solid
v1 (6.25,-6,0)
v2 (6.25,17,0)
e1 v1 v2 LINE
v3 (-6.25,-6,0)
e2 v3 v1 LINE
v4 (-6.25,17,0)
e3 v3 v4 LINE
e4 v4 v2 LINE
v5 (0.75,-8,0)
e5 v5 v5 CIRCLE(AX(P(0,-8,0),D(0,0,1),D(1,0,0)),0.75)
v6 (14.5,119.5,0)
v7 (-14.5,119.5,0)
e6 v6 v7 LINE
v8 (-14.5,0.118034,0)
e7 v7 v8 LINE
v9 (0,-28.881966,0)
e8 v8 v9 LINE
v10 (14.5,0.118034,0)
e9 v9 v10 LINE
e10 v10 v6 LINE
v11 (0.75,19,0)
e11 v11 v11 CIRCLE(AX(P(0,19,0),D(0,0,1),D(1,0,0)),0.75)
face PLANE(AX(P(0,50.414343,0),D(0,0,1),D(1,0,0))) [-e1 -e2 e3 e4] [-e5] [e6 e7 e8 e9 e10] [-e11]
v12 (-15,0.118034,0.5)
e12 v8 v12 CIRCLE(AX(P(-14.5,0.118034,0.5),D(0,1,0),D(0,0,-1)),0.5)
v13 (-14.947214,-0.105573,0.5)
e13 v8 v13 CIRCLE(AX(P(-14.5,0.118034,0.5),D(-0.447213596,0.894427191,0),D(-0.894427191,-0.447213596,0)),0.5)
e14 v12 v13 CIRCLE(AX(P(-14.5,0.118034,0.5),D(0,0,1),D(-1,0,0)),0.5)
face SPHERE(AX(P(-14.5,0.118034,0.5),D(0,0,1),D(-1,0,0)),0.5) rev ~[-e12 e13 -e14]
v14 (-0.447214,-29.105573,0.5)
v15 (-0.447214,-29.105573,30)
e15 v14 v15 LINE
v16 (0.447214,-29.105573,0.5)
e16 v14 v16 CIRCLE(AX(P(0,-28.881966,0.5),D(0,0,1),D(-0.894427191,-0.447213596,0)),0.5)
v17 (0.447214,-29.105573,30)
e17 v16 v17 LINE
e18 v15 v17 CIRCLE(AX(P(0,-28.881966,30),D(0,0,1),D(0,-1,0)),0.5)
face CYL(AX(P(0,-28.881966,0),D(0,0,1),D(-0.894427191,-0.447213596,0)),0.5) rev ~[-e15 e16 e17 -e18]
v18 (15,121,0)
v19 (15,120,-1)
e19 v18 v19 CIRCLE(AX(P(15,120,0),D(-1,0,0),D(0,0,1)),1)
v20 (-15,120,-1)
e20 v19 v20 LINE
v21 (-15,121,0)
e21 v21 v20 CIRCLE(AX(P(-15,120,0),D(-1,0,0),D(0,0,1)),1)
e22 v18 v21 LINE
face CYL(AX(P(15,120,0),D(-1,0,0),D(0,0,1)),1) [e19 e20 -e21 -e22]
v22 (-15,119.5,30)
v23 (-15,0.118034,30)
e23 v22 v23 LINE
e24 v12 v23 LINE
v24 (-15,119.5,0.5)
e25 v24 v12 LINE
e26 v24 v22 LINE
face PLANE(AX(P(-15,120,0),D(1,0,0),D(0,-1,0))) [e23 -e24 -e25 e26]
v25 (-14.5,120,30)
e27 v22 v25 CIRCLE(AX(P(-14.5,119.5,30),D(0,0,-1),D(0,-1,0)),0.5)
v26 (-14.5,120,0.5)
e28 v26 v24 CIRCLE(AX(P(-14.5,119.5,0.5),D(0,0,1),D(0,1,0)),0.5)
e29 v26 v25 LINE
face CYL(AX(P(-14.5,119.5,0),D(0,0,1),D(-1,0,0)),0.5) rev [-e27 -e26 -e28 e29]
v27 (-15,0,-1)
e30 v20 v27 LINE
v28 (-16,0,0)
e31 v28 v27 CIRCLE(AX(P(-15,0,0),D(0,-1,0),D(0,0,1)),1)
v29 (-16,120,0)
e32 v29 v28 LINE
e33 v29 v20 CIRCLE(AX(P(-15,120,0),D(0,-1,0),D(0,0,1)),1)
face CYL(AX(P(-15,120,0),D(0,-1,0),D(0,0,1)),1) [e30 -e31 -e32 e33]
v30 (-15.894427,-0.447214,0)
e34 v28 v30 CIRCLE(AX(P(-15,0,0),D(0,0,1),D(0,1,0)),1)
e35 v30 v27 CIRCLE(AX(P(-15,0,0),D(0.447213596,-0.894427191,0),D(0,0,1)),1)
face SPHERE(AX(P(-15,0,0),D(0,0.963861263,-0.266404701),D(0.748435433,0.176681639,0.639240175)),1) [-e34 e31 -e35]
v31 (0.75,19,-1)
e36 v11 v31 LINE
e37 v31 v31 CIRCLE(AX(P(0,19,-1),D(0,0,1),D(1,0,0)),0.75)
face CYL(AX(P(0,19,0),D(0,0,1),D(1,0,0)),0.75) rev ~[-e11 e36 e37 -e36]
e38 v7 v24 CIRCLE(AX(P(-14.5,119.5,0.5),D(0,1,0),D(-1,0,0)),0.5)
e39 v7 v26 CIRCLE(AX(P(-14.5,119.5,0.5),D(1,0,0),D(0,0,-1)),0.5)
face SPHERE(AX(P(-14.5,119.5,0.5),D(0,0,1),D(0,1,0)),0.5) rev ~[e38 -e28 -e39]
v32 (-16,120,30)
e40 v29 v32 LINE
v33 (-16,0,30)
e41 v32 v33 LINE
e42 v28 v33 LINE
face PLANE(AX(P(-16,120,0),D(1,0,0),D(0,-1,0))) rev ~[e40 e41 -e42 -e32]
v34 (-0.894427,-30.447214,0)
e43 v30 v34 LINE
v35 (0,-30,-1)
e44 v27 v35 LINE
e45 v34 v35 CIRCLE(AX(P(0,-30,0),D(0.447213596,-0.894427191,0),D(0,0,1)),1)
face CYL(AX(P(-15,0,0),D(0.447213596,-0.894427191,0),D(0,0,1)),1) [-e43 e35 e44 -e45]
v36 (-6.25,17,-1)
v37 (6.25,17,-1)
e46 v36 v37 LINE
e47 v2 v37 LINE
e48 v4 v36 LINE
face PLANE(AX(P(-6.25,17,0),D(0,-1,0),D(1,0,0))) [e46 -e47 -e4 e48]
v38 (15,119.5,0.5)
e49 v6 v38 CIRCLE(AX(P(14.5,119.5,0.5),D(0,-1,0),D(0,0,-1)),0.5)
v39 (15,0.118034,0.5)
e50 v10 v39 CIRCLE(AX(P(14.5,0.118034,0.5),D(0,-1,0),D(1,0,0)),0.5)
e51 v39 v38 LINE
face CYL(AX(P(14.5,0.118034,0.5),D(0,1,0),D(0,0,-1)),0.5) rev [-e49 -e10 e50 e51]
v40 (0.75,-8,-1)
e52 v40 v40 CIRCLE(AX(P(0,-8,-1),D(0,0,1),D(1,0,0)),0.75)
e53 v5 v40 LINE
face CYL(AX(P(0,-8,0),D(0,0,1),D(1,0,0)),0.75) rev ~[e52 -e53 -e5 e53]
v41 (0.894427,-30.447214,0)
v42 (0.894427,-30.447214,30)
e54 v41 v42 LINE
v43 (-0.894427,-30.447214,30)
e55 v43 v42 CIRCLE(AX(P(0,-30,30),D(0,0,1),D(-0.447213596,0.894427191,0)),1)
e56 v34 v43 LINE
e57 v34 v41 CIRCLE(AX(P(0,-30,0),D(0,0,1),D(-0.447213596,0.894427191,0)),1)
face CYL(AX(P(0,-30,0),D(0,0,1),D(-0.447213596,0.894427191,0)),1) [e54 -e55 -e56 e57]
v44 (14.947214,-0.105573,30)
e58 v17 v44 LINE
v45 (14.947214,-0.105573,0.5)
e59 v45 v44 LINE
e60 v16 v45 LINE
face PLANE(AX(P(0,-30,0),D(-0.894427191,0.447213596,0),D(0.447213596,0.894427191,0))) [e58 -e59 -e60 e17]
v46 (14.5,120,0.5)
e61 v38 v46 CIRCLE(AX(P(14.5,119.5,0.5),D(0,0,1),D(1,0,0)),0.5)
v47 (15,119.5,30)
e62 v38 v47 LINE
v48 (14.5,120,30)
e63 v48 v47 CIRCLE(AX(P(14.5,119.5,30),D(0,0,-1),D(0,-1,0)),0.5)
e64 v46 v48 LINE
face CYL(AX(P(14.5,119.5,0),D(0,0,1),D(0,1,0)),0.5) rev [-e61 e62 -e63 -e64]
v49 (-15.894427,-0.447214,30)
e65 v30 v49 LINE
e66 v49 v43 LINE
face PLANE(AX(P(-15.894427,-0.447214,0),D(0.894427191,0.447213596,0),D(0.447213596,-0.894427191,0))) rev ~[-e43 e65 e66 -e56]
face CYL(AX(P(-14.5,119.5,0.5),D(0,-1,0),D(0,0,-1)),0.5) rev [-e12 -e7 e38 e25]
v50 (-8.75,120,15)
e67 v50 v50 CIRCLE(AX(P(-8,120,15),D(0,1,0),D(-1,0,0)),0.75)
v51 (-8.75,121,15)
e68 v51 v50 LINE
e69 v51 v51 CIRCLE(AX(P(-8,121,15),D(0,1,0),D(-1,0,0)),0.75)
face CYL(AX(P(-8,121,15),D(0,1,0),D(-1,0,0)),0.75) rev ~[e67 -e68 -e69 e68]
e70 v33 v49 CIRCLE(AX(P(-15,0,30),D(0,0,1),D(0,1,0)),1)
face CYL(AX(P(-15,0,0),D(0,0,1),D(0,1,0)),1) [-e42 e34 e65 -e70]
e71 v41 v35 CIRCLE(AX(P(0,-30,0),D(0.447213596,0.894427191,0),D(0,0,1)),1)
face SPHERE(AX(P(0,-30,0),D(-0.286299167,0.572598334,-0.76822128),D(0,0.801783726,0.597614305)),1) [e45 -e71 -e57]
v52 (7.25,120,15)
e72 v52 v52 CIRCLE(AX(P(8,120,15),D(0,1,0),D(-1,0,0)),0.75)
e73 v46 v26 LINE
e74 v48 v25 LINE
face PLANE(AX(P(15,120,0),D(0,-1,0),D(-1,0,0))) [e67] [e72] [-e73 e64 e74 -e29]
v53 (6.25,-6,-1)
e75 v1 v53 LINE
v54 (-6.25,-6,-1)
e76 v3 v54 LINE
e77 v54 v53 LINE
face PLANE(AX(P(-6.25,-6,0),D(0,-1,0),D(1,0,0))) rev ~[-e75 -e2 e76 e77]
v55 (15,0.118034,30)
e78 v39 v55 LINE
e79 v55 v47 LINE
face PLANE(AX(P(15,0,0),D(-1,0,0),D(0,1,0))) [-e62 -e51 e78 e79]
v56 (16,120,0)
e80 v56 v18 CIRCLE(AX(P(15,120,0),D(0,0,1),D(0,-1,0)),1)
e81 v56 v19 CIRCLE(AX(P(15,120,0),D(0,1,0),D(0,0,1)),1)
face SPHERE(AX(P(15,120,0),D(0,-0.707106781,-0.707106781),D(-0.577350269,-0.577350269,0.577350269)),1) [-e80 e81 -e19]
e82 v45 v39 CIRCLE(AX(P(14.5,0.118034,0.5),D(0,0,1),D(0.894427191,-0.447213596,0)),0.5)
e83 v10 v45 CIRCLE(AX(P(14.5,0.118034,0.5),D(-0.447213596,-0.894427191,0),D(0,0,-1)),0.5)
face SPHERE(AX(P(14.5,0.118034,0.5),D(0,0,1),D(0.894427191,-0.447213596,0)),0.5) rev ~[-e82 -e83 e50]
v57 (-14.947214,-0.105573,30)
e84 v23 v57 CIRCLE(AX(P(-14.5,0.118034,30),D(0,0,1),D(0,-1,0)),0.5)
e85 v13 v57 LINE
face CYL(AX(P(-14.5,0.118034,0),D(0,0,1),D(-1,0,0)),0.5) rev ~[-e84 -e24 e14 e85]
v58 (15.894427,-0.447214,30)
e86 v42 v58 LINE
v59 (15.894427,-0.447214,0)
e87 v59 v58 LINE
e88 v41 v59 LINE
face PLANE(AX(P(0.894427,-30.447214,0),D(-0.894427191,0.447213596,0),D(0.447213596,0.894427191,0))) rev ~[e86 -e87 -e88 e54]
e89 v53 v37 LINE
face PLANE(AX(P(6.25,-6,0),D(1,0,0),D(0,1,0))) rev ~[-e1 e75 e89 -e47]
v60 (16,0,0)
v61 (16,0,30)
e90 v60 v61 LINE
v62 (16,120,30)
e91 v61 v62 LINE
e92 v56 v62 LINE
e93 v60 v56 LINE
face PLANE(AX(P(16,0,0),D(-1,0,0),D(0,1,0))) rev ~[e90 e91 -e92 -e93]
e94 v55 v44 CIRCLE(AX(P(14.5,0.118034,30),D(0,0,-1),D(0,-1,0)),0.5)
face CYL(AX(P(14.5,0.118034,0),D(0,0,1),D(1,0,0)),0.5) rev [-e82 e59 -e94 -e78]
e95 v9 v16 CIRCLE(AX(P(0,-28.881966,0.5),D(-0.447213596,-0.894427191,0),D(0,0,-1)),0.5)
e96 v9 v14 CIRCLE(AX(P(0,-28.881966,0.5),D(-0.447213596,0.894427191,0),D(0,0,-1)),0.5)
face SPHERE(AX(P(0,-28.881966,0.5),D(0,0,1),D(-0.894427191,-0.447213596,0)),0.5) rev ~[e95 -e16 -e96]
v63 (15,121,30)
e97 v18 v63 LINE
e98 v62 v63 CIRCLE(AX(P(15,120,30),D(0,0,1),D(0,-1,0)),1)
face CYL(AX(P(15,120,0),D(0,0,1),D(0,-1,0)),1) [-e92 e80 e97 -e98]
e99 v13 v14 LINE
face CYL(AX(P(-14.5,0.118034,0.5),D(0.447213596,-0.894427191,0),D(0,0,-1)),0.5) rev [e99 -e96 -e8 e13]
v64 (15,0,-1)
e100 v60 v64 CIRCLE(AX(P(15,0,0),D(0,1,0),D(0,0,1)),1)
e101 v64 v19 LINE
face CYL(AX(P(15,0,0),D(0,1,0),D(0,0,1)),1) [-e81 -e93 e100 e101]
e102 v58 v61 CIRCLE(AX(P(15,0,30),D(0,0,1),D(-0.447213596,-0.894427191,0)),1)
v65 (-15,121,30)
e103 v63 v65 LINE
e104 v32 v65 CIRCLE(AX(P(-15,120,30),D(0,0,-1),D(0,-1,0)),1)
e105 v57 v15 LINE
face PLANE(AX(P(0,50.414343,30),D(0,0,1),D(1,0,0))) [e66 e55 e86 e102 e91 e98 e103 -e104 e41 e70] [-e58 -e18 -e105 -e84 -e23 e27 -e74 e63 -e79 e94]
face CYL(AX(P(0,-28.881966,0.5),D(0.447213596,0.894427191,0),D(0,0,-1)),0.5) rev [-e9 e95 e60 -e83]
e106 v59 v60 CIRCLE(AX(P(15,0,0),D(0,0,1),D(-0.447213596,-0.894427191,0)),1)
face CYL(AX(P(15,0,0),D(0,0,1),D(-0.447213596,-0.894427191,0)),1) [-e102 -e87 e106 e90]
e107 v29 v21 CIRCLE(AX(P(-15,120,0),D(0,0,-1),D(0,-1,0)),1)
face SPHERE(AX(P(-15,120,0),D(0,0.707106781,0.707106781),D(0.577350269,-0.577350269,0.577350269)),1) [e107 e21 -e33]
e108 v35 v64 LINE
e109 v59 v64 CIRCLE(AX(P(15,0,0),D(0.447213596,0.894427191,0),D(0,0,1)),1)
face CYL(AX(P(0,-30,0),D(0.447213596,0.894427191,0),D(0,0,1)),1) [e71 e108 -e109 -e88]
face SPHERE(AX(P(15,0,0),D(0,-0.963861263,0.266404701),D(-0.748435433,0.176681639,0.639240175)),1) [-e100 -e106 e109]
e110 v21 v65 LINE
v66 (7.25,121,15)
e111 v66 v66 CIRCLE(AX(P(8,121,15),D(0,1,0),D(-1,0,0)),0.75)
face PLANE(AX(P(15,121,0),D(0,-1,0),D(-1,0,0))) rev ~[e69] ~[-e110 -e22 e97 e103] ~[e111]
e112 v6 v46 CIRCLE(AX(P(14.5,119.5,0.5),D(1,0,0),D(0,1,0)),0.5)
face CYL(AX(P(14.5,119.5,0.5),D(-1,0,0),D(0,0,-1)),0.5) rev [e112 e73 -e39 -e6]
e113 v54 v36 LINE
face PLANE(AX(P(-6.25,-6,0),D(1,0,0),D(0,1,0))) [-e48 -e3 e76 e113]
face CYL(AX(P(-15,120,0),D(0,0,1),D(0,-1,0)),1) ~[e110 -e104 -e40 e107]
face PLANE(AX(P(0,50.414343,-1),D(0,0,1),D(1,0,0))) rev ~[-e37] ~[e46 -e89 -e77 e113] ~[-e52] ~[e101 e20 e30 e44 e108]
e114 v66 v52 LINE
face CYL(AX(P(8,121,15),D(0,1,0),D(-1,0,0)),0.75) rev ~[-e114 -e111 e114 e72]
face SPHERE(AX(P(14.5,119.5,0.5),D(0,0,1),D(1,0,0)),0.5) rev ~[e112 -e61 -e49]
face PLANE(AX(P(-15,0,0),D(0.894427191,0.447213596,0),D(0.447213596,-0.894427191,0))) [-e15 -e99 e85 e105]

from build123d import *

# Parameters (mm, degrees)
PAD_DEPTH       = 30
THICKNESS_T     = 1
SKETCH001_R     = 0.75
SKETCH001_W     = 12.5
SKETCH001_H     = 23
POCKET_DEPTH    = 5
SKETCH002_R     = 0.75
POCKET001_DEPTH = 1
FILLET001_R     = 0.5
FILLET_R        = 0.5


with BuildPart() as part:
    # Sketch → Pad (new body)
    with BuildSketch(Plane.XY):
        Polygon((-15, 120), (-15, 0), (0, -30), (15, 0), (15, 120), align=None)
    extrude(amount=PAD_DEPTH)

    # Thickness
    thickness_openings = [part.faces().sort_by_distance(p)[0] for p in [
        (0, 52.222222, 30),
    ]]
    offset(amount=THICKNESS_T, openings=thickness_openings)

    # Sketch001 (on Face6 of Thickness) → Pocket (cut)
    with BuildSketch(Plane.XY):
        with Locations((0, 19)):
            Circle(SKETCH001_R)
        with Locations((0, -8)):
            Circle(SKETCH001_R)
        with Locations((0, 5.5)):
            Rectangle(SKETCH001_W, SKETCH001_H)
    extrude(amount=-POCKET_DEPTH, mode=Mode.SUBTRACT)

    # Sketch002 (on Face15 of Pocket) → Pocket001 (cut)
    with BuildSketch(Plane(origin=(0, 121, 0), x_dir=(-1, 0, 0), z_dir=(0, 1, 0))):
        with Locations((-8, 15)):
            Circle(SKETCH002_R)
        with Locations((8, 15)):
            Circle(SKETCH002_R)
    extrude(amount=-POCKET001_DEPTH, mode=Mode.SUBTRACT)

    # Fillet001
    fillet001_edges = [part.edges().sort_by_distance(p)[0] for p in [
        (0, -30, 15),
        (15, 0, 15),
        (-15, 0, 15),
        (-15, 120, 15),
        (15, 120, 15),
    ]]
    fillet(fillet001_edges, radius=FILLET001_R)

    # Fillet
    fillet_edges = [part.edges().sort_by_distance(p)[0] for p in [
        (7.697214, -14.605573, 0),
        (0, -29.381966, 0),
        (-7.697214, -14.605573, 0),
        (15, 59.809017, 0),
        (14.986624, 0.003158, 0),
        (-14.986624, 0.003158, 0),
        (-15, 59.809017, 0),
        (0, 120, 0),
        (14.853553, 119.853553, 0),
        (-14.853553, 119.853553, 0),
    ]]
    fillet(fillet_edges, radius=FILLET_R)


solid = part.part
